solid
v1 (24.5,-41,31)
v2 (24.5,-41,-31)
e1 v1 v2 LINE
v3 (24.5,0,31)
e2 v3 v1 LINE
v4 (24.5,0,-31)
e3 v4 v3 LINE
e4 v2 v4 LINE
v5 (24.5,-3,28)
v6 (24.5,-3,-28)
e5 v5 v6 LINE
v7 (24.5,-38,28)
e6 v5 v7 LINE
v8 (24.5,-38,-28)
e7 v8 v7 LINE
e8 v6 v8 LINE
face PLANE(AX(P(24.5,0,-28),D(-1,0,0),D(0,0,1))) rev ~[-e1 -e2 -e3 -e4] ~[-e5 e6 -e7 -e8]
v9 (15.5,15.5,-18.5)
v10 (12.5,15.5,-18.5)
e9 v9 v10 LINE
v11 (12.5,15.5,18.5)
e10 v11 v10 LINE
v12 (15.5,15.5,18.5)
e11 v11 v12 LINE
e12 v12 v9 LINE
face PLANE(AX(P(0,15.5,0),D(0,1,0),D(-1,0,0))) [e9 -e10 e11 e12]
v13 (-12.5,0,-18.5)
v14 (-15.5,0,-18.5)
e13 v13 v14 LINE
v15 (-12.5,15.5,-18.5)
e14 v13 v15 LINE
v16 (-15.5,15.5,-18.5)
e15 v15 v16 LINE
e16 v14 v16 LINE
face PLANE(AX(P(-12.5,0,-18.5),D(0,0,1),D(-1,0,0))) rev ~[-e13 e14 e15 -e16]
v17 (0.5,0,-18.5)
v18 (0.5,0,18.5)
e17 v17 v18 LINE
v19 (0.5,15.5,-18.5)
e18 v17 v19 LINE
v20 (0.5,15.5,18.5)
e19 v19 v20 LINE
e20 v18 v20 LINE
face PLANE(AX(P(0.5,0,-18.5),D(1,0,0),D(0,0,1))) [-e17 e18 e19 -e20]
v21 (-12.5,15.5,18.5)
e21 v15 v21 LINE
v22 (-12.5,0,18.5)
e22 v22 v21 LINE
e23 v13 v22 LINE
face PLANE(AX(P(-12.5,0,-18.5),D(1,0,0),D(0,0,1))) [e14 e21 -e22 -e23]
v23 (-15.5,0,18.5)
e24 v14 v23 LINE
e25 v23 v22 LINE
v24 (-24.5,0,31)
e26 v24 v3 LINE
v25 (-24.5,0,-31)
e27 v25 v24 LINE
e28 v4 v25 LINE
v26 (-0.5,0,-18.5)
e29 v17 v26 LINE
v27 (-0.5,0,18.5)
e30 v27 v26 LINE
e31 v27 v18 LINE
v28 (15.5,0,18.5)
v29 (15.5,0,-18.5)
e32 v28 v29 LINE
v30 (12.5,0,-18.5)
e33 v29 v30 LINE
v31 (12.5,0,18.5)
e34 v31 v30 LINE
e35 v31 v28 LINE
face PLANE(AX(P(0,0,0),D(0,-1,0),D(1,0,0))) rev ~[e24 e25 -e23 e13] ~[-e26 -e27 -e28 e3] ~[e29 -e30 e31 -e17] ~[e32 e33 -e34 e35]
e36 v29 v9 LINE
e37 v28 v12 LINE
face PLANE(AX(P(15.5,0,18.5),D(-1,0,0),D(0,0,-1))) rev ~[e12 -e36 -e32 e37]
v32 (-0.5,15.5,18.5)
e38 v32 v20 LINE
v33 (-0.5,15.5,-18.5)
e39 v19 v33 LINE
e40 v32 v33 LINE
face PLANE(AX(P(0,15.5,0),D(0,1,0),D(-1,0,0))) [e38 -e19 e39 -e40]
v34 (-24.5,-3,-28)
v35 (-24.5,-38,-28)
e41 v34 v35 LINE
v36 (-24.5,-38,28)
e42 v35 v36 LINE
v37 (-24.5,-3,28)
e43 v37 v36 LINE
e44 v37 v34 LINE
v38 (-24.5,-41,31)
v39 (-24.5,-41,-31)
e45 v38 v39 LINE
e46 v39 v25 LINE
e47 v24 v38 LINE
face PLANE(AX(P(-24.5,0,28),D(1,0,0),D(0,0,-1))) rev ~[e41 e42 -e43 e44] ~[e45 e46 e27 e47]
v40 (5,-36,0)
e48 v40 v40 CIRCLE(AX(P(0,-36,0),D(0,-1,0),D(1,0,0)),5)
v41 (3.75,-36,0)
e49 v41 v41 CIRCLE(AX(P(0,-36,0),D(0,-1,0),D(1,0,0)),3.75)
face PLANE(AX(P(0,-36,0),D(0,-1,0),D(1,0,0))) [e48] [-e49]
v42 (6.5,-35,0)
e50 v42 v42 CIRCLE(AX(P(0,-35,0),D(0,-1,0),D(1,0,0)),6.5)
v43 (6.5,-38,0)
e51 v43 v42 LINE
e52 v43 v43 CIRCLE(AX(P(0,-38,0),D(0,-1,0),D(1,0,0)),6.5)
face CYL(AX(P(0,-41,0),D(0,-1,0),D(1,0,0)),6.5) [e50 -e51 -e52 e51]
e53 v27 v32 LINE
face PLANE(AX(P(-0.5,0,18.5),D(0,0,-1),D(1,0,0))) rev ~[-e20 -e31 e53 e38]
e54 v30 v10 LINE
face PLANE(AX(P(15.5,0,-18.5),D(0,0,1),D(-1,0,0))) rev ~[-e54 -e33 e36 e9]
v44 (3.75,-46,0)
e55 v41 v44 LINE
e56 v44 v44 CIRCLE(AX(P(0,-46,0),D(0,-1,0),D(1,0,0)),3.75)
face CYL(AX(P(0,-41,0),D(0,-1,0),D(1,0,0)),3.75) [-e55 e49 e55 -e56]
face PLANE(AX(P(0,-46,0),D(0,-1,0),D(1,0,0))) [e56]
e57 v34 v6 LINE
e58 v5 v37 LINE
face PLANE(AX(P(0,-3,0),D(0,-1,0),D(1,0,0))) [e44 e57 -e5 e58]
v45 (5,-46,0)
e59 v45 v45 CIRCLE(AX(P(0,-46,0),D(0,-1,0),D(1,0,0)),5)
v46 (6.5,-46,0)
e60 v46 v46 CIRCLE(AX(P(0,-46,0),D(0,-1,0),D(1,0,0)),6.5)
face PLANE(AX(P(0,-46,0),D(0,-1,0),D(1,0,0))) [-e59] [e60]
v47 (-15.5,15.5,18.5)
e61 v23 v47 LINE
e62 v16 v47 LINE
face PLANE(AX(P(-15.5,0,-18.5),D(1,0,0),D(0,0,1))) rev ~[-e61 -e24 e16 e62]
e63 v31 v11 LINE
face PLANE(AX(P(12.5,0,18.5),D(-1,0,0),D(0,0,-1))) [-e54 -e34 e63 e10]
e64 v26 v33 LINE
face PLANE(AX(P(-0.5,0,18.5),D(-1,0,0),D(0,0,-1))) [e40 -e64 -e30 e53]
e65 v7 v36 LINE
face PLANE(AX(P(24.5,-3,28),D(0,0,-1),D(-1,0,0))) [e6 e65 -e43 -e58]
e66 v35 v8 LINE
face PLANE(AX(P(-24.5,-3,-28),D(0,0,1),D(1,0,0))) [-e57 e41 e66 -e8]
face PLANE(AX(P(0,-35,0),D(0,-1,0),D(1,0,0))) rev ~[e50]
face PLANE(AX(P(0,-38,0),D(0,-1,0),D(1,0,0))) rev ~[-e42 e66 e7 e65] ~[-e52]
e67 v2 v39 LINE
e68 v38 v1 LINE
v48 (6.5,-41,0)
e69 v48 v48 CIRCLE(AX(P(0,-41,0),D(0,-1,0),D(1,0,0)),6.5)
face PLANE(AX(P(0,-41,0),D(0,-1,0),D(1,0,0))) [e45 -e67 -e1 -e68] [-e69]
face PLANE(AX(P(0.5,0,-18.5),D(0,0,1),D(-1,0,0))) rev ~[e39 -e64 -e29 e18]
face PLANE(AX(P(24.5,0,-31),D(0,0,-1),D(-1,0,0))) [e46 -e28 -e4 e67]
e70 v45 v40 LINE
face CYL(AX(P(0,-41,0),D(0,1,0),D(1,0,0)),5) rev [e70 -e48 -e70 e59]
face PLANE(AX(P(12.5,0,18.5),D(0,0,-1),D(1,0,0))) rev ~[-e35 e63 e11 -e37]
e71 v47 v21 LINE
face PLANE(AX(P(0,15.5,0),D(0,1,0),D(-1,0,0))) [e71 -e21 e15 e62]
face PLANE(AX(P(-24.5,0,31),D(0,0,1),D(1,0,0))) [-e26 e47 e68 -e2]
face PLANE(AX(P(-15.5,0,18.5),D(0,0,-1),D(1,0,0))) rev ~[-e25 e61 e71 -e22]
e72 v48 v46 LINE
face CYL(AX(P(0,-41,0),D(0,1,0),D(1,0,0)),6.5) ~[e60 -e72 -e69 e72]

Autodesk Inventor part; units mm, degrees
ref_plane "YZ Plane" through (0, 0, 0) normal (1, 0, 0) x (0, 1, 0)
ref_plane "XZ Plane" through (0, 0, 0) normal (0, 1, 0) x (-1, 0, 0)
ref_plane "XY Plane" through (0, 0, 0) normal (0, 0, 1) x (1, 0, 0)
sketch "Sketch1" plane through (0, 0, 0) normal (0, 1, 0) x (-1, 0, 0)
  line L0 (-0.5, 18.5) -> (-12.5, 18.5)
  line L1 (-12.5, 18.5) -> (-12.5, -18.5)
  line L2 (-12.5, -18.5) -> (-0.5, -18.5)
  line L3 (-0.5, -18.5) -> (-0.5, 18.5)
  line L4 (12.5, 18.5) -> (0.5, 18.5)
  line L5 (0.5, 18.5) -> (0.5, -18.5)
  line L6 (0.5, -18.5) -> (12.5, -18.5)
  line L7 (12.5, -18.5) -> (12.5, 18.5)
  line L8 (15.5, 18.5) -> (-15.5, 18.5)
  line L9 (-15.5, 18.5) -> (-15.5, -18.5)
  line L10 (-15.5, -18.5) -> (15.5, -18.5)
  line L11 (15.5, -18.5) -> (15.5, 18.5)
  point P0 (0, 0)
  point P1 (-12.5, -18.5)
  point P2 (-12.5, 18.5)
  point P3 (-0.5, -18.5)
  point P4 (0.5, -18.5)
  point P5 (0.5, 18.5)
  point P6 (-0.5, 18.5)
  point P7 (12.5, 18.5)
  point P8 (12.5, -18.5)
  dimension "d0" = 12
  dimension "d1" = 12
  dimension "d2" = 1
  dimension "d3" = 37
  dimension "d4" = 37
  dimension "d5" = 0
  dimension "d6" = 0.5
  dimension "d7" = 18.5
  dimension "d8" = 3
  dimension "d9" = 3
  dimension "d10" = 0
  dimension "d11" = 0
extrude "Extrusion1" add sketch "Sketch1" along normal blind 15.5 contours L8 L5 L10 L3 | L1 L10 L9 L8 | L8 L11 L10 L7
sketch "Sketch2" plane through (0, 0, 0) normal (0, -1, 0) x (1, 0, 0)
  line L0 (24.5, 28) -> (-24.5, 28)
  line L1 (-24.5, 28) -> (-24.5, -28)
  line L2 (-24.5, -28) -> (24.5, -28)
  line L3 (24.5, -28) -> (24.5, 28)
  line L4 (15.5, 18.5) -> (15.5, -18.5) projected
  line L5 (-15.5, -18.5) -> (-15.5, 18.5) projected
  line L6 (24.5, 28) -> (-24.5, 28)
  line L7 (-24.5, 28) -> (-24.5, 31)
  line L8 (-24.5, 31) -> (24.5, 31)
  line L9 (24.5, 31) -> (24.5, 28)
  line L10 (-24.5, -28) -> (24.5, -28)
  line L11 (24.5, -28) -> (24.5, -31)
  line L12 (24.5, -31) -> (-24.5, -31)
  line L13 (-24.5, -31) -> (-24.5, -28)
  point P0 (0, 0)
  point P1 (24.5, -28)
  point P2 (-24.5, 28)
  dimension "d14" = 56
  dimension "d15" = 28
  dimension "d16" = 9
  dimension "d17" = 9
  dimension "d18" = 3
  dimension "d19" = 3
extrude "Extrusion2" add sketch "Sketch2" along normal blind 3
sketch "Sketch3" plane through (0, -3, 0) normal (0, -1, 0) x (1, 0, 0)
  line L0 (24.5, 28) -> (-24.5, 28)
  line L1 (-24.5, 28) -> (-24.5, -28)
  line L2 (-24.5, -28) -> (24.5, -28)
  line L3 (24.5, -28) -> (24.5, 28)
  line L4 (24.5, 28) -> (-24.5, 28)
  line L5 (-24.5, 28) -> (-24.5, 31)
  line L6 (-24.5, 31) -> (24.5, 31)
  line L7 (24.5, 31) -> (24.5, 28)
  line L8 (-24.5, -28) -> (24.5, -28)
  line L9 (24.5, -28) -> (24.5, -31)
  line L10 (24.5, -31) -> (-24.5, -31)
  line L11 (-24.5, -31) -> (-24.5, -28)
  point P0 (0, 0)
  point P1 (24.5, -28)
  point P2 (-24.5, 28)
  point P3 (-24.5, 28)
  point P4 (24.5, -28)
  dimension "d22" = 56
  dimension "d23" = 28
  dimension "d26" = 3
  dimension "d27" = 3
extrude "Extrusion3" add sketch "Sketch3" along normal blind 35 contours L0 L5 L6 L7 | L9 L10 L11 L2
sketch "Sketch4" plane through (0, -38, 0) normal (0, -1, 0) x (1, 0, 0)
  line L0 (24.5, 28) -> (-24.5, 28)
  line L1 (-24.5, 28) -> (-24.5, -28)
  line L2 (-24.5, -28) -> (24.5, -28)
  line L3 (24.5, -28) -> (24.5, 28)
  line L4 (24.5, 28) -> (-24.5, 28)
  line L5 (-24.5, 28) -> (-24.5, 31)
  line L6 (-24.5, 31) -> (24.5, 31)
  line L7 (24.5, 31) -> (24.5, 28)
  line L8 (-24.5, -28) -> (24.5, -28)
  line L9 (24.5, -28) -> (24.5, -31)
  line L10 (24.5, -31) -> (-24.5, -31)
  line L11 (-24.5, -31) -> (-24.5, -28)
  point P0 (0, 0)
  point P1 (24.5, -28)
  point P2 (-24.5, 28)
  dimension "d30" = 56
  dimension "d31" = 28
  dimension "d34" = 3
  dimension "d35" = 3
extrude "Extrusion4" add sketch "Sketch4" along normal blind 3
sketch "Sketch7" plane through (0, -41, 0) normal (0, -1, 0) x (1, 0, 0)
  circle A0 centre (0, 0) radius 6.5
  dimension "d45" = 13
extrude "Extrusion7" add sketch "Sketch7" against normal blind 6
sketch "Sketch8" plane through (0, -41, 0) normal (0, -1, 0) x (1, 0, 0)
  circle A0 centre (0, 0) radius 3.75
  circle A1 centre (0, 0) radius 5
  dimension "d48" = 7.5
  dimension "d49" = 10
extrude "Extrusion8" cut sketch "Sketch8" against normal blind 5
sketch "Sketch9" plane through (0, -41, 0) normal (0, -1, 0) x (1, 0, 0)
  circle A0 centre (0, 0) radius 3.75
  circle A1 centre (0, 0) radius 5
  circle A2 centre (0, 0) radius 6.5
  dimension "d52" = 13
  dimension "d53" = 10
  dimension "d54" = 7.5
extrude "Extrusion9" add sketch "Sketch9" along normal blind 5
properties part number "Koszyk"
